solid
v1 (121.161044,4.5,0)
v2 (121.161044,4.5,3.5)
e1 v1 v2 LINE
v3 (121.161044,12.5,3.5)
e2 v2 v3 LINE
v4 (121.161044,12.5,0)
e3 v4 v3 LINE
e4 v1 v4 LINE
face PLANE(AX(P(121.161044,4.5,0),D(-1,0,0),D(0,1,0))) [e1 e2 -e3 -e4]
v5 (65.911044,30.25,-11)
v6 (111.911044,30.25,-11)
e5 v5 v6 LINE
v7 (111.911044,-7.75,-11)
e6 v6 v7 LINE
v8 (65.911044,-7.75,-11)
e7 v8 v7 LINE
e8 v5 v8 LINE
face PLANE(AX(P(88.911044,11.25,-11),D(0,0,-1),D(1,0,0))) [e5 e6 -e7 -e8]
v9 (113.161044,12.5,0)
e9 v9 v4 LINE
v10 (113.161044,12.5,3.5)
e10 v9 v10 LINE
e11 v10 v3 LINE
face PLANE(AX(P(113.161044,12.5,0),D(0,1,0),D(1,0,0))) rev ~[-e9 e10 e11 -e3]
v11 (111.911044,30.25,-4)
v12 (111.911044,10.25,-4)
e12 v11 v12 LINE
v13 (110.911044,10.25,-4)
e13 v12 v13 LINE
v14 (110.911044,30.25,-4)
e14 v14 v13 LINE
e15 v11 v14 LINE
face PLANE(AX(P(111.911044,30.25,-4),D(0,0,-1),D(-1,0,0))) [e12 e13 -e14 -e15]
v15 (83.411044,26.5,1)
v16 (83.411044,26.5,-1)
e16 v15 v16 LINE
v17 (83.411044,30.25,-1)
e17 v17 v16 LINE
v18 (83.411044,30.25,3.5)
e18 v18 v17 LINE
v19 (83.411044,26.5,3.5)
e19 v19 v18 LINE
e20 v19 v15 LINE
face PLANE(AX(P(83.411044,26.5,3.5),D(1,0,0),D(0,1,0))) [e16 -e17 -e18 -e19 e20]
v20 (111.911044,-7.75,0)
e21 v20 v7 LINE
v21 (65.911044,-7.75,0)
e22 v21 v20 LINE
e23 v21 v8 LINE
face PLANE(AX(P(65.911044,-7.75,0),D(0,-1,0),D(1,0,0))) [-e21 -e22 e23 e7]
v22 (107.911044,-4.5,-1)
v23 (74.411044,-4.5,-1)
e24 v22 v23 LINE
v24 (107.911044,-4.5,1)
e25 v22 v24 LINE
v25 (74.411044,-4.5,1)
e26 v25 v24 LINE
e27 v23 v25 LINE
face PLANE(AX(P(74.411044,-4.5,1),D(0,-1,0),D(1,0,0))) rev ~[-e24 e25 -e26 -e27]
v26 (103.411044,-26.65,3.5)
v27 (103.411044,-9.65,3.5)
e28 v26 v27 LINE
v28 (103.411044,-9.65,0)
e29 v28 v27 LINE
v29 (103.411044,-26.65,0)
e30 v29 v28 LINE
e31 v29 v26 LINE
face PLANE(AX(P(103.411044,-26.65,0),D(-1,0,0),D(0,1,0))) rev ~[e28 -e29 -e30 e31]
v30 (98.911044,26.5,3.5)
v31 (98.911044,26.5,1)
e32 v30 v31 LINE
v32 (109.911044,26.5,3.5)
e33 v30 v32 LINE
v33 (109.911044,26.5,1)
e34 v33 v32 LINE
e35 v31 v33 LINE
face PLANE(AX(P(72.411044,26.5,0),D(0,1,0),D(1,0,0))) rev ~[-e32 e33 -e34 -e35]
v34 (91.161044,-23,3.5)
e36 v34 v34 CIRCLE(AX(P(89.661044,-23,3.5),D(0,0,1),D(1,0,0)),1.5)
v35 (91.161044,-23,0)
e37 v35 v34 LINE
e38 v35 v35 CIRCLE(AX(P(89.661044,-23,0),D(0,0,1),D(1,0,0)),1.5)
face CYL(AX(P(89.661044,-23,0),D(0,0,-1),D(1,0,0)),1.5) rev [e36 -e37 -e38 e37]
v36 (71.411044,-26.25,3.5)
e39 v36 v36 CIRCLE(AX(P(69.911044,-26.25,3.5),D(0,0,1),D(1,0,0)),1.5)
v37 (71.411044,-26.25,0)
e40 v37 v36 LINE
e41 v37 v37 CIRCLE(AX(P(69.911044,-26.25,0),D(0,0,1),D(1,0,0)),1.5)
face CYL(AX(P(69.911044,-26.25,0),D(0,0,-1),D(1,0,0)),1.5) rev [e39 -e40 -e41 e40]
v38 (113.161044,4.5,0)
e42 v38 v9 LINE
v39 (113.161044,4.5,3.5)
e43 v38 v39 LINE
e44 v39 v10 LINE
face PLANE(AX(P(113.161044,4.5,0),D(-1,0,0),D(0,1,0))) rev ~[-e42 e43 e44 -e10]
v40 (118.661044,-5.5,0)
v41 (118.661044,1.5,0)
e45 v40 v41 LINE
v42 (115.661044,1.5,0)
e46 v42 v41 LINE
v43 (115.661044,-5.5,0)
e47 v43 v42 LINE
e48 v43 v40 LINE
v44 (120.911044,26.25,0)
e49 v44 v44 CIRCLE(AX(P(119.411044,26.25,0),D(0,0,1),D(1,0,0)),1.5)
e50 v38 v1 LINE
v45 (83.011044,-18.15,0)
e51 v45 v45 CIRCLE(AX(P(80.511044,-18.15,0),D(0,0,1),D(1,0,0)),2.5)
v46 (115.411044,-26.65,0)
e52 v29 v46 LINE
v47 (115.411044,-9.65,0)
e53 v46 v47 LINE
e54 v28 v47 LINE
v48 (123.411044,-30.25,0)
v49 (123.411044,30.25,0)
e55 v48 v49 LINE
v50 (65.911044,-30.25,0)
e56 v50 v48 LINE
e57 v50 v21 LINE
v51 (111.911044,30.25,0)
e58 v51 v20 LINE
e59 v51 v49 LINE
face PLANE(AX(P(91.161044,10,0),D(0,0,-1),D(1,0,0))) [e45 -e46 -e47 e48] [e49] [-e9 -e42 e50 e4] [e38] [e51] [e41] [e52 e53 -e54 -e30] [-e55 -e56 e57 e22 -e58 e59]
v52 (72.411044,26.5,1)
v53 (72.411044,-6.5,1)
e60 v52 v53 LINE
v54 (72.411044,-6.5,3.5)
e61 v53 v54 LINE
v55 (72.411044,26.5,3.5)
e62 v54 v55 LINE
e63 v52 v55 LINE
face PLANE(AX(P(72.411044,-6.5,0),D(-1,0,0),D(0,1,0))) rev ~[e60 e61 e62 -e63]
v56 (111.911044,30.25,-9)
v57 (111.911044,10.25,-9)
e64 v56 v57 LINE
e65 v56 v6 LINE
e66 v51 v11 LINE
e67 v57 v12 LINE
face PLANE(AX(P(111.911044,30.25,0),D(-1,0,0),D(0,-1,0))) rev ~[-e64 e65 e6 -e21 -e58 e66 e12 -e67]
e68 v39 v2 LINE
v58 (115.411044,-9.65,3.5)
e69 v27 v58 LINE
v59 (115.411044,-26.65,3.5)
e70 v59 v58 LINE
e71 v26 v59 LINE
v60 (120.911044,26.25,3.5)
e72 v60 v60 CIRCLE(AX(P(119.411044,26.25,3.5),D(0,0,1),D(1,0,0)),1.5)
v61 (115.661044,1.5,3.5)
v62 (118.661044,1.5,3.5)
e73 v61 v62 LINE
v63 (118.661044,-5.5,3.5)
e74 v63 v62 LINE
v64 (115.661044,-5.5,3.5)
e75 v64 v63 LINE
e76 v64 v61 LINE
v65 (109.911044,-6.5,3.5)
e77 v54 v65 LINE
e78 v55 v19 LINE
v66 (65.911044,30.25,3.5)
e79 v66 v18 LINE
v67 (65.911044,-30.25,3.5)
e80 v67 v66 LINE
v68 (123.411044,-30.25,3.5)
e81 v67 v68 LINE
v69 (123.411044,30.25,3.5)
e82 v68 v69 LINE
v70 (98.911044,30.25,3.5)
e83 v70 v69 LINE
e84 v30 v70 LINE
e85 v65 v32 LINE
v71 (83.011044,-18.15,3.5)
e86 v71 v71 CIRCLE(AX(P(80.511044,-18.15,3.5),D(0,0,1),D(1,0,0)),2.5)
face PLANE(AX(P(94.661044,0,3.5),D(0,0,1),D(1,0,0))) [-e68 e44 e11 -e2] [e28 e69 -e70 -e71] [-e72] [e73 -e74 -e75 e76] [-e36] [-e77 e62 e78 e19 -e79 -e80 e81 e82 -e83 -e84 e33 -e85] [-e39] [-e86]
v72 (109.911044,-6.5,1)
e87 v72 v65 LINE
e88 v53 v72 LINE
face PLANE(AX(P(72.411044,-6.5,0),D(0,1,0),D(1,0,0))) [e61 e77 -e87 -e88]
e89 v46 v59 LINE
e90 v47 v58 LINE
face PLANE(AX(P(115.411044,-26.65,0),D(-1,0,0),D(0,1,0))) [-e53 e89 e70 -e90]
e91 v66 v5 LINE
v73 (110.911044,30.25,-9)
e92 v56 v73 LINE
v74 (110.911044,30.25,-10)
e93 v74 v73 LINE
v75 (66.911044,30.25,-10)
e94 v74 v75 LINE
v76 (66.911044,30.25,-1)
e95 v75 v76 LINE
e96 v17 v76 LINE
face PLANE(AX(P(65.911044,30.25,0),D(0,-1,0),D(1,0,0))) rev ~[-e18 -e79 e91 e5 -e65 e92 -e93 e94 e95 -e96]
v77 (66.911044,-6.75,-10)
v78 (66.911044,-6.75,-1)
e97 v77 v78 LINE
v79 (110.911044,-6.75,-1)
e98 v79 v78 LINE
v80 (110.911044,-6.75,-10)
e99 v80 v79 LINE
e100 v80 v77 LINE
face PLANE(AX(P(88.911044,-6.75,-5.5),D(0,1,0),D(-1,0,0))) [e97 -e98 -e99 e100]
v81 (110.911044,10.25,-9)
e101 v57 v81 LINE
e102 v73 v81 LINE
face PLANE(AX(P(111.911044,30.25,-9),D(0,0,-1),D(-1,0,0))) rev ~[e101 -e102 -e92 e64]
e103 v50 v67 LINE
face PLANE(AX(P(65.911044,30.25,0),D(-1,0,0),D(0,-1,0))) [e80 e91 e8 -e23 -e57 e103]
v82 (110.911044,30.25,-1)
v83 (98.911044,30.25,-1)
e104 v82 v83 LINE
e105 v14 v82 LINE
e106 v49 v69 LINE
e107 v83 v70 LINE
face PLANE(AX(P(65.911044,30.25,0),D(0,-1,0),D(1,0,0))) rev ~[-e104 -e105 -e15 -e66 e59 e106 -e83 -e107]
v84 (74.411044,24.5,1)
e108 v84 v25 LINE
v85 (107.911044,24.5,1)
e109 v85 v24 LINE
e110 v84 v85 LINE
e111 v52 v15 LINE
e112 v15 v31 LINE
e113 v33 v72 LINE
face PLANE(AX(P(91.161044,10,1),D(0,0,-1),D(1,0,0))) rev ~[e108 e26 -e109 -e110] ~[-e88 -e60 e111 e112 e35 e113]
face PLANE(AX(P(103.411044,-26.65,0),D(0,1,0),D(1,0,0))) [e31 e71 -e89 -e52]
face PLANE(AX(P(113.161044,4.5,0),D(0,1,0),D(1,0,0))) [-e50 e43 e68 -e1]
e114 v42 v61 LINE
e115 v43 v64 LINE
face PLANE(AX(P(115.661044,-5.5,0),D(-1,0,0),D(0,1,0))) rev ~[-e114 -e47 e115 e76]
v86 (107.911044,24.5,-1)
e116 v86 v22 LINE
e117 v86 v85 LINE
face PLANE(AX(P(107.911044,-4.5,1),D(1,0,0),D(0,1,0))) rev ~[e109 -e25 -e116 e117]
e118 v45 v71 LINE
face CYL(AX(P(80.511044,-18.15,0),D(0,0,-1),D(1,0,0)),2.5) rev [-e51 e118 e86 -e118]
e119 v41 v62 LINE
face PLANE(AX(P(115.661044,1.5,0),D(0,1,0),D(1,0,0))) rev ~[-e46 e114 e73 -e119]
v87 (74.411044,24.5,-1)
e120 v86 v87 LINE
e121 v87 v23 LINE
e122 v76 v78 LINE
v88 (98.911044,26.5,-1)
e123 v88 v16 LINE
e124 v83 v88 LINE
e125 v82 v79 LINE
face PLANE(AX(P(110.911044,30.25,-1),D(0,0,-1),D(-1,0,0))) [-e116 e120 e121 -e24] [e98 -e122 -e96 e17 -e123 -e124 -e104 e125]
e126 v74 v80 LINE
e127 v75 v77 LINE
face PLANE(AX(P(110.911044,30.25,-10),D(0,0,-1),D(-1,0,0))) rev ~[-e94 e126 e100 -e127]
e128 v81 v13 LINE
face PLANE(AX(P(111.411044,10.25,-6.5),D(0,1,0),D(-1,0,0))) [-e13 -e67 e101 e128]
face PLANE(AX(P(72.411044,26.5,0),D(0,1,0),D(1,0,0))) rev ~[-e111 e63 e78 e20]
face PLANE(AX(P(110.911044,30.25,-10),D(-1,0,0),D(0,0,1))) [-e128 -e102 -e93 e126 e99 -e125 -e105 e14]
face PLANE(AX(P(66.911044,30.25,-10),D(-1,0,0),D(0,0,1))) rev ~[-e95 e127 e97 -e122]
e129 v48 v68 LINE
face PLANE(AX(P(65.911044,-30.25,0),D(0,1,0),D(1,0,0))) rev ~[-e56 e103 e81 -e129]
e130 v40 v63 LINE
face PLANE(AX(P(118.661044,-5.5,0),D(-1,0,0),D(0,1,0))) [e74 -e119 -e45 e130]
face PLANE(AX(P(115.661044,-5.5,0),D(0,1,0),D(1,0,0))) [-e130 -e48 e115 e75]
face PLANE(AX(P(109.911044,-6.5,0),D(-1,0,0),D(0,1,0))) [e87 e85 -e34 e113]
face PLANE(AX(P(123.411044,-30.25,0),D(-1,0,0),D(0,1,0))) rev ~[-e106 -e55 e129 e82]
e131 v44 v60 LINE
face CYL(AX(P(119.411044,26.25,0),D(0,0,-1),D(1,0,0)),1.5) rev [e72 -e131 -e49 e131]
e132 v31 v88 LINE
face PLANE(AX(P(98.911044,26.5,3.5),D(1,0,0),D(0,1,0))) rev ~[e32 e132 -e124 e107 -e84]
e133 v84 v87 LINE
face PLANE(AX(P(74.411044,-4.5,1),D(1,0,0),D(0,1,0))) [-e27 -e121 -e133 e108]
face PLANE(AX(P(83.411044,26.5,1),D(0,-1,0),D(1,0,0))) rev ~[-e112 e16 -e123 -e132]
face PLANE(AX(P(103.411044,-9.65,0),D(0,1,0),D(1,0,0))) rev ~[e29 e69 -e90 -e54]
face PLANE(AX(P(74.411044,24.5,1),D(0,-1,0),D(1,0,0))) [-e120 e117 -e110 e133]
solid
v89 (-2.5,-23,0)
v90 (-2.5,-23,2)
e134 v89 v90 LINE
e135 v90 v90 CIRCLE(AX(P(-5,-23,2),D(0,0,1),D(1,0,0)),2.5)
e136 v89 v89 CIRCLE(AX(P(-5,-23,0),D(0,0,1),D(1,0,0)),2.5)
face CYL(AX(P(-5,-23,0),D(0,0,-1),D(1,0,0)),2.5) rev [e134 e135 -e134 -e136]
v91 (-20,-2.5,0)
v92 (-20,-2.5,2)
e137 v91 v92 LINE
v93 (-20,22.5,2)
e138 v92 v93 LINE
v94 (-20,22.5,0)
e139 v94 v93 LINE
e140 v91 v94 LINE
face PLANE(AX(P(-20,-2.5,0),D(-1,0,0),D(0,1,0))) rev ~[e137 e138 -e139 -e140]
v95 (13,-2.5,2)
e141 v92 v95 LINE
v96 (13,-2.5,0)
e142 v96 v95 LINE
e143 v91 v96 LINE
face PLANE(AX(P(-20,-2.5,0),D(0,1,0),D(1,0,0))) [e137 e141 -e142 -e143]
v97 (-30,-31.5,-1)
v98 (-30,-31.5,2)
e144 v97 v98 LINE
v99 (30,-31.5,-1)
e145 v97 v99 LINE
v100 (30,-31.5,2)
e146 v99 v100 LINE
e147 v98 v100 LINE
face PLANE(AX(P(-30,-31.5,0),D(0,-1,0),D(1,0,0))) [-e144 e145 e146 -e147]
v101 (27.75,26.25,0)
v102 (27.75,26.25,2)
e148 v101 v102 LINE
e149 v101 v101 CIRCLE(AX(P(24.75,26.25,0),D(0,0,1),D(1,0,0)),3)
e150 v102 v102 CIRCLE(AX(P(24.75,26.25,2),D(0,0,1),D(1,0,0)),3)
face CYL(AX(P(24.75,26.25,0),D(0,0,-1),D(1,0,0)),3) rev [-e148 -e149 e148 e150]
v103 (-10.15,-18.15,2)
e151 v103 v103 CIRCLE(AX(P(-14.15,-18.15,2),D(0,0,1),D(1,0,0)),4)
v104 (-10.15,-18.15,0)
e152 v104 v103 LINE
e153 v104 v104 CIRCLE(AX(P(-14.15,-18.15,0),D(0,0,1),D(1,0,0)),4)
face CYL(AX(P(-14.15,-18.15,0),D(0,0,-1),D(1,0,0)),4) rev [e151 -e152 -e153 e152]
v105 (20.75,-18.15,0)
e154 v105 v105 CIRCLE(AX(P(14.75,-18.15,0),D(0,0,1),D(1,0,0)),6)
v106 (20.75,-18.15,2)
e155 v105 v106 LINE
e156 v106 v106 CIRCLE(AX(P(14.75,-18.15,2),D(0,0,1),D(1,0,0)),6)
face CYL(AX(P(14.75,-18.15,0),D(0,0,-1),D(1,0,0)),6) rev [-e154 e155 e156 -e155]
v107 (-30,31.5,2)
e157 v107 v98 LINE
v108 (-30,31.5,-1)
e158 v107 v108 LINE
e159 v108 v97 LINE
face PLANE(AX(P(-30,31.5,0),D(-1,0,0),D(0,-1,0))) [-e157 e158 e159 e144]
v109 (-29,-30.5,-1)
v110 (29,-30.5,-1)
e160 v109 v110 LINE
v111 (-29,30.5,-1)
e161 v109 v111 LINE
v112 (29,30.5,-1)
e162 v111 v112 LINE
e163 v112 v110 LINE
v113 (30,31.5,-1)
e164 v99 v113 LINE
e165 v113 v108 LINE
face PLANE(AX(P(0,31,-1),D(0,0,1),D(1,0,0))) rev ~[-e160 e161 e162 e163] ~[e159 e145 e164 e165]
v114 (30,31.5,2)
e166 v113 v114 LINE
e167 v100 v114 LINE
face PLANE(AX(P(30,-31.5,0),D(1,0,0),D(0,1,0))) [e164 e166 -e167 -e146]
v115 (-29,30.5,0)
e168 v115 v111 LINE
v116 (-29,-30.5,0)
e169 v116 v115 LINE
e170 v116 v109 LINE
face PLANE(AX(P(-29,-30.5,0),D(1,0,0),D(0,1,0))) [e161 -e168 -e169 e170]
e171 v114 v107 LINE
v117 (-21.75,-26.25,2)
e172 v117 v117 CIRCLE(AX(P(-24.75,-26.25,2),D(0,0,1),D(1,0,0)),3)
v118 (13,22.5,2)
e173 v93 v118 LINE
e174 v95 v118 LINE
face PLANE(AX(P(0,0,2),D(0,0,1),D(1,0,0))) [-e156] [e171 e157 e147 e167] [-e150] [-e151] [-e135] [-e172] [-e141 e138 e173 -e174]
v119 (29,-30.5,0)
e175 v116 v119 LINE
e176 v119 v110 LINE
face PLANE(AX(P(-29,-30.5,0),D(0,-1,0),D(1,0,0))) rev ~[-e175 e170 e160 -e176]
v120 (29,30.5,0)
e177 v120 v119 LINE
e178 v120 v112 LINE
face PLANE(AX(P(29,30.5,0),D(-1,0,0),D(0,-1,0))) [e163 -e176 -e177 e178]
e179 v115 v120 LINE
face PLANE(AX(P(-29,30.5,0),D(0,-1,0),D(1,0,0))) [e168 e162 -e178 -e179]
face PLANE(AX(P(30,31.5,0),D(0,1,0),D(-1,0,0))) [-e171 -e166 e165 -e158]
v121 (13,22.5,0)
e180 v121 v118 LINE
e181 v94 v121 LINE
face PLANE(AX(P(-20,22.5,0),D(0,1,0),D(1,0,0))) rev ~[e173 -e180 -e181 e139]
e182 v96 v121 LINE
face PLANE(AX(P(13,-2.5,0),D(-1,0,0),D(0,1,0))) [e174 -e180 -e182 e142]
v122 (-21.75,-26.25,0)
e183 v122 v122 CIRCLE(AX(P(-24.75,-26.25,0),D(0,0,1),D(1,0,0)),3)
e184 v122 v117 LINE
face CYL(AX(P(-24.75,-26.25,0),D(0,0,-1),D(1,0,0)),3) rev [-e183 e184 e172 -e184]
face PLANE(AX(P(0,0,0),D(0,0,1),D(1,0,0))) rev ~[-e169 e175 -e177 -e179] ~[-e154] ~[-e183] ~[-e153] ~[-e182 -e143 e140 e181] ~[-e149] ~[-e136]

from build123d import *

# Parameters (mm, degrees)
F1_W      = 57.5
F1_H      = 60.5
F1_R      = 1.5
F1_R_2    = 2.5
F1_W_2    = 12
F1_H_2    = 17
F1_W_3    = 3
F1_H_3    = 7
F1_W_4    = 37.5
F1_H_4    = 33
F1_W_5    = 8
F1_H_5    = 8
F2_DEPTH  = 3.5
F4_W      = 37.5
F4_H      = 33
F4_W_2    = 33.5
F4_H_2    = 29
F5_DEPTH  = 1
F3_W      = 15.5
F3_H      = 3.75
F6_DEPTH  = 2.5
F0_W      = 58
F0_H      = 61
F0_R      = 3
F0_R_2    = 4
F0_R_3    = 2.5
F0_R_4    = 6
F0_W_2    = 33
F0_H_2    = 25
F0_H_3    = 1
F8_DEPTH  = 2
F9_DEPTH  = 1
F11_W     = 46
F11_H     = 38
F12_DEPTH = 11
F13_W     = 44
F13_H     = 9
F14_DEPTH = 37
F15_W     = 1
F15_H     = 5
F16_DEPTH = 20
F17_W     = 33.5
F17_H     = 29
F17_W_2   = 15.5
F17_H_2   = 3.75
F18_DEPTH = 4


with BuildPart() as f2:
    # F1 (on Top) → F2 (new body)
    with BuildSketch(Plane.XY):
        with Locations((94.661044, 0)):
            Rectangle(F1_W, F1_H)
        with Locations((69.911044, -26.25)):
            Circle(F1_R, mode=Mode.SUBTRACT)
        with Locations((89.661044, -23)):
            Circle(F1_R, mode=Mode.SUBTRACT)
        with Locations((80.511044, -18.15)):
            Circle(F1_R_2, mode=Mode.SUBTRACT)
        with Locations((109.411044, -18.15)):
            Rectangle(F1_W_2, F1_H_2, mode=Mode.SUBTRACT)
        with Locations((117.161044, -2)):
            Rectangle(F1_W_3, F1_H_3, mode=Mode.SUBTRACT)
        with Locations((91.161044, 10)):
            Rectangle(F1_W_4, F1_H_4, mode=Mode.SUBTRACT)
        with Locations((117.161044, 8.5)):
            Rectangle(F1_W_5, F1_H_5, mode=Mode.SUBTRACT)
        with Locations((119.411044, 26.25)):
            Circle(F1_R, mode=Mode.SUBTRACT)
    extrude(amount=F2_DEPTH)

    # F4 (on face) → F5 (join)
    with BuildSketch(Plane(origin=(0, 0, 0), x_dir=(1, 0, 0), z_dir=(0, 0, -1))):
        with Locations((91.161044, -10)):
            Rectangle(F4_W, F4_H)
        with Locations((91.161044, -10)):
            Rectangle(F4_W_2, F4_H_2, mode=Mode.SUBTRACT)
    extrude(amount=-F5_DEPTH)

    # F3 (on face) → F6 (cut)
    with BuildSketch(Plane.XY.offset(3.5)):
        with Locations((91.161044, 28.375)):
            Rectangle(F3_W, F3_H)
    extrude(amount=-F6_DEPTH, mode=Mode.SUBTRACT)

    # F11 (on face) → F12 (join)
    with BuildSketch(Plane(origin=(0, 0, 0), x_dir=(1, 0, 0), z_dir=(0, 0, -1))):
        with Locations((88.911044, -11.25)):
            Rectangle(F11_W, F11_H)
    extrude(amount=F12_DEPTH)

    # F13 (on face) → F14 (cut)
    with BuildSketch(Plane(origin=(0, 30.25, 0), x_dir=(-1, 0, 0), z_dir=(0, 1, 0))):
        with Locations((-88.911044, -5.5)):
            Rectangle(F13_W, F13_H)
    extrude(amount=-F14_DEPTH, mode=Mode.SUBTRACT)

    # F15 (on face) → F16 (cut)
    with BuildSketch(Plane(origin=(0, 30.25, 0), x_dir=(-1, 0, 0), z_dir=(0, 1, 0))):
        with Locations((-111.411044, -6.5)):
            Rectangle(F15_W, F15_H)
    extrude(amount=-F16_DEPTH, mode=Mode.SUBTRACT)

    # F17 (on face) → F18 (cut)
    with BuildSketch(Plane.XY.offset(1)):
        with Locations((91.161044, 10)):
            Rectangle(F17_W, F17_H)
        with Locations((91.161044, 28.375)):
            Rectangle(F17_W_2, F17_H_2)
    extrude(amount=-F18_DEPTH, mode=Mode.SUBTRACT)


with BuildPart() as f8:
    # F0 (on Top) → F8 (new body)
    with BuildSketch(Plane.XY):
        Rectangle(F0_W, F0_H)
        with Locations((-24.75, -26.25)):
            Circle(F0_R, mode=Mode.SUBTRACT)
        with Locations((-14.15, -18.15)):
            Circle(F0_R_2, mode=Mode.SUBTRACT)
        with Locations((-5, -23)):
            Circle(F0_R_3, mode=Mode.SUBTRACT)
        with Locations((14.75, -18.15)):
            Circle(F0_R_4, mode=Mode.SUBTRACT)
        with Locations((-3.5, 10)):
            Rectangle(F0_W_2, F0_H_2, mode=Mode.SUBTRACT)
        with Locations((24.75, 26.25)):
            Circle(F0_R, mode=Mode.SUBTRACT)
        Polygon((-29, -31.5), (-29, -30.5), (-29, 30.5), (-29, 31.5), (-30, 31.5), (-30, -31.5), align=None)
        with Locations((0, 31)):
            Rectangle(F0_W, F0_H_3)
        Polygon((29, 30.5), (29, -30.5), (29, -31.5), (30, -31.5), (30, 31.5), (29, 31.5), align=None)
        with Locations((0, -31)):
            Rectangle(F0_W, F0_H_3)
    extrude(amount=F8_DEPTH)

    # F0 (on Top) → F9 (join)
    with BuildSketch(Plane.XY):
        with Locations((0, 31)):
            Rectangle(F0_W, F0_H_3)
        Polygon((-29, -31.5), (-29, -30.5), (-29, 30.5), (-29, 31.5), (-30, 31.5), (-30, -31.5), align=None)
        with Locations((0, -31)):
            Rectangle(F0_W, F0_H_3)
        Polygon((29, 30.5), (29, -30.5), (29, -31.5), (30, -31.5), (30, 31.5), (29, 31.5), align=None)
    extrude(amount=-F9_DEPTH)


solid = Compound([f2.part, f8.part])
